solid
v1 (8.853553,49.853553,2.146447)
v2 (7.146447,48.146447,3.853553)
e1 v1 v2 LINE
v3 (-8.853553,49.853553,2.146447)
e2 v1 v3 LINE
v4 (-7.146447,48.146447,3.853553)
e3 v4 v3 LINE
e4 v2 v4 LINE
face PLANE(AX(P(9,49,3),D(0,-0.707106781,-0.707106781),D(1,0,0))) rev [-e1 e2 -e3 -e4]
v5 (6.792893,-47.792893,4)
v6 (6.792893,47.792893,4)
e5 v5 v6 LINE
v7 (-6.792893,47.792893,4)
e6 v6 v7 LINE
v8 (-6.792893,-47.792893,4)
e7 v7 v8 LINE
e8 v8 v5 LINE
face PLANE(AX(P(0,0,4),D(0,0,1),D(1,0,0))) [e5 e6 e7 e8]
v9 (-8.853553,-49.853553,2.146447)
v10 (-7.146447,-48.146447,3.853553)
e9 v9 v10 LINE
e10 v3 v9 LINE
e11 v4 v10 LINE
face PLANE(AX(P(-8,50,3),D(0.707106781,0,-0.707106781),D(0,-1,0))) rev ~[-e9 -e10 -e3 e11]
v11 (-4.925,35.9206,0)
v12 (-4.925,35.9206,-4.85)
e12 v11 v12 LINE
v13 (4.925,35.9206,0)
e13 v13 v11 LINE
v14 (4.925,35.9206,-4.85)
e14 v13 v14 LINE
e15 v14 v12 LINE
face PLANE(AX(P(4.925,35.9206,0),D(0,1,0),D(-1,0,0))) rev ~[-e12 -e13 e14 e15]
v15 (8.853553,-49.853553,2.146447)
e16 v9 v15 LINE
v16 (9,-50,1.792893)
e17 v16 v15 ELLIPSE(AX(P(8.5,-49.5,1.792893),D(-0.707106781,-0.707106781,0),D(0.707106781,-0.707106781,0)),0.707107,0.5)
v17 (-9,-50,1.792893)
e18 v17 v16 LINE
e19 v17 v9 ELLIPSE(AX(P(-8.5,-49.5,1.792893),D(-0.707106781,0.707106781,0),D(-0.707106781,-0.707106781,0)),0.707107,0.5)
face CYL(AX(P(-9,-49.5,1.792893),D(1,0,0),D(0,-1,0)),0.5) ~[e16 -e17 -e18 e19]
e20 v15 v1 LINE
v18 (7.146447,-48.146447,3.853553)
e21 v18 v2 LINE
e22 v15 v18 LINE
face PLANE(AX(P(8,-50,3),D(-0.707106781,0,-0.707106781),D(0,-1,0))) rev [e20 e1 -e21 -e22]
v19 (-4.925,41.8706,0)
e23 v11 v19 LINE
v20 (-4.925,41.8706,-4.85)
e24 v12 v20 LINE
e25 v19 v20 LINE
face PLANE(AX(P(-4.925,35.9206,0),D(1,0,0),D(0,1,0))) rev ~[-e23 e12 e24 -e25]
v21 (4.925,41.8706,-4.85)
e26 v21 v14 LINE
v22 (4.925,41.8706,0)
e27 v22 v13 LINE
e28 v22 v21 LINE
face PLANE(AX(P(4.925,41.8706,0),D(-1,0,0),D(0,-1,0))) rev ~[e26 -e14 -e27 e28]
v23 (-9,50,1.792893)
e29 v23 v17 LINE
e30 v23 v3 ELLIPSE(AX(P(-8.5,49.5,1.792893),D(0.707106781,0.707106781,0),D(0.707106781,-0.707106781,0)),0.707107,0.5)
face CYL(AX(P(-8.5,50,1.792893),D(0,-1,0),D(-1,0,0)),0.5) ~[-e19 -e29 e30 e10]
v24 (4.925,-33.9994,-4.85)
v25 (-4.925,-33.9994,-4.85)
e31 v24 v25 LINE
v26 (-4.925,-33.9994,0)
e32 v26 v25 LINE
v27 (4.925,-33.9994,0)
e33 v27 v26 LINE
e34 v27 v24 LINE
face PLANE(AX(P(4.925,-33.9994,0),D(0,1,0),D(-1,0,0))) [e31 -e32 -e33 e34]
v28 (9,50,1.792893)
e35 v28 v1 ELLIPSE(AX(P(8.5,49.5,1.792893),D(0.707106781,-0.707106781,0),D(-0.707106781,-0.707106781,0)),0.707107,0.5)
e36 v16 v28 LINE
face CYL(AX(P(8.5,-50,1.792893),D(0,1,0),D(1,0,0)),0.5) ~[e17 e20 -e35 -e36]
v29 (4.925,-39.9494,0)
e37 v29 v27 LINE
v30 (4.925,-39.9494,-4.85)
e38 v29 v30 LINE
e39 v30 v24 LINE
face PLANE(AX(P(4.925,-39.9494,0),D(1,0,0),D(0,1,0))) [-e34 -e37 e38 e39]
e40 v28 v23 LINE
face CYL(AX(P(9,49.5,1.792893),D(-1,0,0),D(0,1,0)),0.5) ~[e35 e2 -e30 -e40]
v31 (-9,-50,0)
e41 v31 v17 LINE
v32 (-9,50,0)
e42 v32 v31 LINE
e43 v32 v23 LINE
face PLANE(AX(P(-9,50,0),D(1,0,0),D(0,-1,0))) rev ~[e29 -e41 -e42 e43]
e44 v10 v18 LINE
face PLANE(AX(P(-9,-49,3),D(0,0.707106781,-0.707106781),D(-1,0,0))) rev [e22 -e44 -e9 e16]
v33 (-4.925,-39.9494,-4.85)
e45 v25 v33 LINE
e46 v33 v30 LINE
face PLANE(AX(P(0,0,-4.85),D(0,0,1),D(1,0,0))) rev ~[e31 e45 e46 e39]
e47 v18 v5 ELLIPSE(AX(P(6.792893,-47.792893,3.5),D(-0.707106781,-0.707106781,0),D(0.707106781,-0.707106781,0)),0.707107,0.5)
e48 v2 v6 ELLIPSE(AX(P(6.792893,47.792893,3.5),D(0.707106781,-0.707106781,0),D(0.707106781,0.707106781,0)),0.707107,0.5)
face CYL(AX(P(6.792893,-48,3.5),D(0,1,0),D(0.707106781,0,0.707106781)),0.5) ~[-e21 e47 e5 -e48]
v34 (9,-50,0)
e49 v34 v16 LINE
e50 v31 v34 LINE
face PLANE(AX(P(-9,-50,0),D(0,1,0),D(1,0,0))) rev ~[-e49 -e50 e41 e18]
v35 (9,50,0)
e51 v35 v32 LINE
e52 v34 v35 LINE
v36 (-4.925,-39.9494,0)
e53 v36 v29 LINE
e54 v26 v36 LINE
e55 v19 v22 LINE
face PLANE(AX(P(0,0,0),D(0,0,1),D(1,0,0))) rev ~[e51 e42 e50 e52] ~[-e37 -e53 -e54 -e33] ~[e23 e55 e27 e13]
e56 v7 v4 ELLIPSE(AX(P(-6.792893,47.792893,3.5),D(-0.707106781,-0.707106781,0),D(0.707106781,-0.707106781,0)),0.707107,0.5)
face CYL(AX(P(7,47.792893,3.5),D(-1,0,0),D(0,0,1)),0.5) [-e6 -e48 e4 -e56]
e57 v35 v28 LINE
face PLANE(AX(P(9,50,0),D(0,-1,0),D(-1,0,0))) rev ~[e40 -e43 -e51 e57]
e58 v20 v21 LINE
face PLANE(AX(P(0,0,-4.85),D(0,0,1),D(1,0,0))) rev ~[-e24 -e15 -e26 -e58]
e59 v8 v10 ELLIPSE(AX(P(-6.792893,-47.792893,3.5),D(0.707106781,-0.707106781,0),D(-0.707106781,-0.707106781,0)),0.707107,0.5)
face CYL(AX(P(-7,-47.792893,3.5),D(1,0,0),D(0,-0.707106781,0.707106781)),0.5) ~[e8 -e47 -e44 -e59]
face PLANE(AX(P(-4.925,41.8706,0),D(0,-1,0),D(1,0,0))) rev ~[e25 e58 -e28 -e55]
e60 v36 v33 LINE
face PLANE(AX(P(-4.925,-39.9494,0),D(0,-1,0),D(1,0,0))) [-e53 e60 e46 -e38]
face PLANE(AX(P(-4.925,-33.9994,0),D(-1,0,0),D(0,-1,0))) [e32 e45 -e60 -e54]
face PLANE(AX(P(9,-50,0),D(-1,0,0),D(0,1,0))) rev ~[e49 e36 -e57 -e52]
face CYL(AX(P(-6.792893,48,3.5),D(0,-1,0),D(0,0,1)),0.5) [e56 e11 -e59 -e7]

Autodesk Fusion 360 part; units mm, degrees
sketch "Sketch1" plane through (0, 0, 0) normal (0, 0, 1) x (1, 0, 0)
  line L0 (9, 50) -> (-9, 50)
  line L1 (-9, 50) -> (-9, -50)
  line L2 (-9, -50) -> (9, -50)
  line L3 (9, -50) -> (9, 50)
  line L4 (9, 50) -> (-9, -50) construction
  line L5 (-9, 50) -> (9, -50) construction
  line L6 (-4.925, 41.8706) -> (4.925, 41.8706)
  line L7 (4.925, 41.8706) -> (4.925, 35.9206)
  line L8 (4.925, 35.9206) -> (-4.925, 35.9206)
  line L9 (-4.925, 35.9206) -> (-4.925, 41.8706)
  line L10 (-4.925, 41.8706) -> (4.925, 35.9206) construction
  line L11 (4.925, 41.8706) -> (-4.925, 35.9206) construction
  line L12 (4.925, -33.9994) -> (-4.925, -33.9994)
  line L13 (-4.925, -33.9994) -> (-4.925, -39.9494)
  line L14 (-4.925, -39.9494) -> (4.925, -39.9494)
  line L15 (4.925, -39.9494) -> (4.925, -33.9994)
  line L16 (4.925, -33.9994) -> (-4.925, -39.9494) construction
  line L17 (-4.925, -33.9994) -> (4.925, -39.9494) construction
  point P0 (0, 38.8956)
  point P1 (0, -36.9744)
  dimension "d1" = 18
  dimension "d2" = 100
  dimension "d3" = 5.95
  dimension "d4" = 9.85
  dimension "d5" = 5.95
  dimension "d9" = 4.925
  dimension "d10" = 33.9994
  dimension "d11" = 69.92
extrude "Extrude1" add sketch "Sketch1" against normal blind 4.85 contours L6 L7 L8 L9 | L12 L13 L14 L15 makes body 1 at (-1.6417, 37.9039, 0) makes body 2 at (1.6417, -35.9827, 0)
sketch "Sketch2" plane through (0, 0, 0) normal (0, 0, 1) x (1, 0, 0)
  line L0 (9, 50) -> (-9, 50)
  line L1 (-9, 50) -> (-9, -50)
  line L2 (-9, -50) -> (9, -50)
  line L3 (9, -50) -> (9, 50)
  line L4 (9, 50) -> (-9, -50) construction
  line L5 (-9, 50) -> (9, -50) construction
  dimension "d14" = 18
  dimension "d15" = 100
extrude "Extrude2" add sketch "Sketch2" along normal blind 4 bodies 1 2
chamfer "Chamfer1" distance 2 angle 45 1 faces at (-3, -16.6667, 4) on bodies 1
fillet "Fillet1" radius 0.5 8 edges at (-7, 0, 4) (0, -48, 4) (7, 0, 4) (0, 48, 4) (-9, 0, 2) (0, -50, 2) (0, 50, 2) (9, 0, 2) on bodies 1
